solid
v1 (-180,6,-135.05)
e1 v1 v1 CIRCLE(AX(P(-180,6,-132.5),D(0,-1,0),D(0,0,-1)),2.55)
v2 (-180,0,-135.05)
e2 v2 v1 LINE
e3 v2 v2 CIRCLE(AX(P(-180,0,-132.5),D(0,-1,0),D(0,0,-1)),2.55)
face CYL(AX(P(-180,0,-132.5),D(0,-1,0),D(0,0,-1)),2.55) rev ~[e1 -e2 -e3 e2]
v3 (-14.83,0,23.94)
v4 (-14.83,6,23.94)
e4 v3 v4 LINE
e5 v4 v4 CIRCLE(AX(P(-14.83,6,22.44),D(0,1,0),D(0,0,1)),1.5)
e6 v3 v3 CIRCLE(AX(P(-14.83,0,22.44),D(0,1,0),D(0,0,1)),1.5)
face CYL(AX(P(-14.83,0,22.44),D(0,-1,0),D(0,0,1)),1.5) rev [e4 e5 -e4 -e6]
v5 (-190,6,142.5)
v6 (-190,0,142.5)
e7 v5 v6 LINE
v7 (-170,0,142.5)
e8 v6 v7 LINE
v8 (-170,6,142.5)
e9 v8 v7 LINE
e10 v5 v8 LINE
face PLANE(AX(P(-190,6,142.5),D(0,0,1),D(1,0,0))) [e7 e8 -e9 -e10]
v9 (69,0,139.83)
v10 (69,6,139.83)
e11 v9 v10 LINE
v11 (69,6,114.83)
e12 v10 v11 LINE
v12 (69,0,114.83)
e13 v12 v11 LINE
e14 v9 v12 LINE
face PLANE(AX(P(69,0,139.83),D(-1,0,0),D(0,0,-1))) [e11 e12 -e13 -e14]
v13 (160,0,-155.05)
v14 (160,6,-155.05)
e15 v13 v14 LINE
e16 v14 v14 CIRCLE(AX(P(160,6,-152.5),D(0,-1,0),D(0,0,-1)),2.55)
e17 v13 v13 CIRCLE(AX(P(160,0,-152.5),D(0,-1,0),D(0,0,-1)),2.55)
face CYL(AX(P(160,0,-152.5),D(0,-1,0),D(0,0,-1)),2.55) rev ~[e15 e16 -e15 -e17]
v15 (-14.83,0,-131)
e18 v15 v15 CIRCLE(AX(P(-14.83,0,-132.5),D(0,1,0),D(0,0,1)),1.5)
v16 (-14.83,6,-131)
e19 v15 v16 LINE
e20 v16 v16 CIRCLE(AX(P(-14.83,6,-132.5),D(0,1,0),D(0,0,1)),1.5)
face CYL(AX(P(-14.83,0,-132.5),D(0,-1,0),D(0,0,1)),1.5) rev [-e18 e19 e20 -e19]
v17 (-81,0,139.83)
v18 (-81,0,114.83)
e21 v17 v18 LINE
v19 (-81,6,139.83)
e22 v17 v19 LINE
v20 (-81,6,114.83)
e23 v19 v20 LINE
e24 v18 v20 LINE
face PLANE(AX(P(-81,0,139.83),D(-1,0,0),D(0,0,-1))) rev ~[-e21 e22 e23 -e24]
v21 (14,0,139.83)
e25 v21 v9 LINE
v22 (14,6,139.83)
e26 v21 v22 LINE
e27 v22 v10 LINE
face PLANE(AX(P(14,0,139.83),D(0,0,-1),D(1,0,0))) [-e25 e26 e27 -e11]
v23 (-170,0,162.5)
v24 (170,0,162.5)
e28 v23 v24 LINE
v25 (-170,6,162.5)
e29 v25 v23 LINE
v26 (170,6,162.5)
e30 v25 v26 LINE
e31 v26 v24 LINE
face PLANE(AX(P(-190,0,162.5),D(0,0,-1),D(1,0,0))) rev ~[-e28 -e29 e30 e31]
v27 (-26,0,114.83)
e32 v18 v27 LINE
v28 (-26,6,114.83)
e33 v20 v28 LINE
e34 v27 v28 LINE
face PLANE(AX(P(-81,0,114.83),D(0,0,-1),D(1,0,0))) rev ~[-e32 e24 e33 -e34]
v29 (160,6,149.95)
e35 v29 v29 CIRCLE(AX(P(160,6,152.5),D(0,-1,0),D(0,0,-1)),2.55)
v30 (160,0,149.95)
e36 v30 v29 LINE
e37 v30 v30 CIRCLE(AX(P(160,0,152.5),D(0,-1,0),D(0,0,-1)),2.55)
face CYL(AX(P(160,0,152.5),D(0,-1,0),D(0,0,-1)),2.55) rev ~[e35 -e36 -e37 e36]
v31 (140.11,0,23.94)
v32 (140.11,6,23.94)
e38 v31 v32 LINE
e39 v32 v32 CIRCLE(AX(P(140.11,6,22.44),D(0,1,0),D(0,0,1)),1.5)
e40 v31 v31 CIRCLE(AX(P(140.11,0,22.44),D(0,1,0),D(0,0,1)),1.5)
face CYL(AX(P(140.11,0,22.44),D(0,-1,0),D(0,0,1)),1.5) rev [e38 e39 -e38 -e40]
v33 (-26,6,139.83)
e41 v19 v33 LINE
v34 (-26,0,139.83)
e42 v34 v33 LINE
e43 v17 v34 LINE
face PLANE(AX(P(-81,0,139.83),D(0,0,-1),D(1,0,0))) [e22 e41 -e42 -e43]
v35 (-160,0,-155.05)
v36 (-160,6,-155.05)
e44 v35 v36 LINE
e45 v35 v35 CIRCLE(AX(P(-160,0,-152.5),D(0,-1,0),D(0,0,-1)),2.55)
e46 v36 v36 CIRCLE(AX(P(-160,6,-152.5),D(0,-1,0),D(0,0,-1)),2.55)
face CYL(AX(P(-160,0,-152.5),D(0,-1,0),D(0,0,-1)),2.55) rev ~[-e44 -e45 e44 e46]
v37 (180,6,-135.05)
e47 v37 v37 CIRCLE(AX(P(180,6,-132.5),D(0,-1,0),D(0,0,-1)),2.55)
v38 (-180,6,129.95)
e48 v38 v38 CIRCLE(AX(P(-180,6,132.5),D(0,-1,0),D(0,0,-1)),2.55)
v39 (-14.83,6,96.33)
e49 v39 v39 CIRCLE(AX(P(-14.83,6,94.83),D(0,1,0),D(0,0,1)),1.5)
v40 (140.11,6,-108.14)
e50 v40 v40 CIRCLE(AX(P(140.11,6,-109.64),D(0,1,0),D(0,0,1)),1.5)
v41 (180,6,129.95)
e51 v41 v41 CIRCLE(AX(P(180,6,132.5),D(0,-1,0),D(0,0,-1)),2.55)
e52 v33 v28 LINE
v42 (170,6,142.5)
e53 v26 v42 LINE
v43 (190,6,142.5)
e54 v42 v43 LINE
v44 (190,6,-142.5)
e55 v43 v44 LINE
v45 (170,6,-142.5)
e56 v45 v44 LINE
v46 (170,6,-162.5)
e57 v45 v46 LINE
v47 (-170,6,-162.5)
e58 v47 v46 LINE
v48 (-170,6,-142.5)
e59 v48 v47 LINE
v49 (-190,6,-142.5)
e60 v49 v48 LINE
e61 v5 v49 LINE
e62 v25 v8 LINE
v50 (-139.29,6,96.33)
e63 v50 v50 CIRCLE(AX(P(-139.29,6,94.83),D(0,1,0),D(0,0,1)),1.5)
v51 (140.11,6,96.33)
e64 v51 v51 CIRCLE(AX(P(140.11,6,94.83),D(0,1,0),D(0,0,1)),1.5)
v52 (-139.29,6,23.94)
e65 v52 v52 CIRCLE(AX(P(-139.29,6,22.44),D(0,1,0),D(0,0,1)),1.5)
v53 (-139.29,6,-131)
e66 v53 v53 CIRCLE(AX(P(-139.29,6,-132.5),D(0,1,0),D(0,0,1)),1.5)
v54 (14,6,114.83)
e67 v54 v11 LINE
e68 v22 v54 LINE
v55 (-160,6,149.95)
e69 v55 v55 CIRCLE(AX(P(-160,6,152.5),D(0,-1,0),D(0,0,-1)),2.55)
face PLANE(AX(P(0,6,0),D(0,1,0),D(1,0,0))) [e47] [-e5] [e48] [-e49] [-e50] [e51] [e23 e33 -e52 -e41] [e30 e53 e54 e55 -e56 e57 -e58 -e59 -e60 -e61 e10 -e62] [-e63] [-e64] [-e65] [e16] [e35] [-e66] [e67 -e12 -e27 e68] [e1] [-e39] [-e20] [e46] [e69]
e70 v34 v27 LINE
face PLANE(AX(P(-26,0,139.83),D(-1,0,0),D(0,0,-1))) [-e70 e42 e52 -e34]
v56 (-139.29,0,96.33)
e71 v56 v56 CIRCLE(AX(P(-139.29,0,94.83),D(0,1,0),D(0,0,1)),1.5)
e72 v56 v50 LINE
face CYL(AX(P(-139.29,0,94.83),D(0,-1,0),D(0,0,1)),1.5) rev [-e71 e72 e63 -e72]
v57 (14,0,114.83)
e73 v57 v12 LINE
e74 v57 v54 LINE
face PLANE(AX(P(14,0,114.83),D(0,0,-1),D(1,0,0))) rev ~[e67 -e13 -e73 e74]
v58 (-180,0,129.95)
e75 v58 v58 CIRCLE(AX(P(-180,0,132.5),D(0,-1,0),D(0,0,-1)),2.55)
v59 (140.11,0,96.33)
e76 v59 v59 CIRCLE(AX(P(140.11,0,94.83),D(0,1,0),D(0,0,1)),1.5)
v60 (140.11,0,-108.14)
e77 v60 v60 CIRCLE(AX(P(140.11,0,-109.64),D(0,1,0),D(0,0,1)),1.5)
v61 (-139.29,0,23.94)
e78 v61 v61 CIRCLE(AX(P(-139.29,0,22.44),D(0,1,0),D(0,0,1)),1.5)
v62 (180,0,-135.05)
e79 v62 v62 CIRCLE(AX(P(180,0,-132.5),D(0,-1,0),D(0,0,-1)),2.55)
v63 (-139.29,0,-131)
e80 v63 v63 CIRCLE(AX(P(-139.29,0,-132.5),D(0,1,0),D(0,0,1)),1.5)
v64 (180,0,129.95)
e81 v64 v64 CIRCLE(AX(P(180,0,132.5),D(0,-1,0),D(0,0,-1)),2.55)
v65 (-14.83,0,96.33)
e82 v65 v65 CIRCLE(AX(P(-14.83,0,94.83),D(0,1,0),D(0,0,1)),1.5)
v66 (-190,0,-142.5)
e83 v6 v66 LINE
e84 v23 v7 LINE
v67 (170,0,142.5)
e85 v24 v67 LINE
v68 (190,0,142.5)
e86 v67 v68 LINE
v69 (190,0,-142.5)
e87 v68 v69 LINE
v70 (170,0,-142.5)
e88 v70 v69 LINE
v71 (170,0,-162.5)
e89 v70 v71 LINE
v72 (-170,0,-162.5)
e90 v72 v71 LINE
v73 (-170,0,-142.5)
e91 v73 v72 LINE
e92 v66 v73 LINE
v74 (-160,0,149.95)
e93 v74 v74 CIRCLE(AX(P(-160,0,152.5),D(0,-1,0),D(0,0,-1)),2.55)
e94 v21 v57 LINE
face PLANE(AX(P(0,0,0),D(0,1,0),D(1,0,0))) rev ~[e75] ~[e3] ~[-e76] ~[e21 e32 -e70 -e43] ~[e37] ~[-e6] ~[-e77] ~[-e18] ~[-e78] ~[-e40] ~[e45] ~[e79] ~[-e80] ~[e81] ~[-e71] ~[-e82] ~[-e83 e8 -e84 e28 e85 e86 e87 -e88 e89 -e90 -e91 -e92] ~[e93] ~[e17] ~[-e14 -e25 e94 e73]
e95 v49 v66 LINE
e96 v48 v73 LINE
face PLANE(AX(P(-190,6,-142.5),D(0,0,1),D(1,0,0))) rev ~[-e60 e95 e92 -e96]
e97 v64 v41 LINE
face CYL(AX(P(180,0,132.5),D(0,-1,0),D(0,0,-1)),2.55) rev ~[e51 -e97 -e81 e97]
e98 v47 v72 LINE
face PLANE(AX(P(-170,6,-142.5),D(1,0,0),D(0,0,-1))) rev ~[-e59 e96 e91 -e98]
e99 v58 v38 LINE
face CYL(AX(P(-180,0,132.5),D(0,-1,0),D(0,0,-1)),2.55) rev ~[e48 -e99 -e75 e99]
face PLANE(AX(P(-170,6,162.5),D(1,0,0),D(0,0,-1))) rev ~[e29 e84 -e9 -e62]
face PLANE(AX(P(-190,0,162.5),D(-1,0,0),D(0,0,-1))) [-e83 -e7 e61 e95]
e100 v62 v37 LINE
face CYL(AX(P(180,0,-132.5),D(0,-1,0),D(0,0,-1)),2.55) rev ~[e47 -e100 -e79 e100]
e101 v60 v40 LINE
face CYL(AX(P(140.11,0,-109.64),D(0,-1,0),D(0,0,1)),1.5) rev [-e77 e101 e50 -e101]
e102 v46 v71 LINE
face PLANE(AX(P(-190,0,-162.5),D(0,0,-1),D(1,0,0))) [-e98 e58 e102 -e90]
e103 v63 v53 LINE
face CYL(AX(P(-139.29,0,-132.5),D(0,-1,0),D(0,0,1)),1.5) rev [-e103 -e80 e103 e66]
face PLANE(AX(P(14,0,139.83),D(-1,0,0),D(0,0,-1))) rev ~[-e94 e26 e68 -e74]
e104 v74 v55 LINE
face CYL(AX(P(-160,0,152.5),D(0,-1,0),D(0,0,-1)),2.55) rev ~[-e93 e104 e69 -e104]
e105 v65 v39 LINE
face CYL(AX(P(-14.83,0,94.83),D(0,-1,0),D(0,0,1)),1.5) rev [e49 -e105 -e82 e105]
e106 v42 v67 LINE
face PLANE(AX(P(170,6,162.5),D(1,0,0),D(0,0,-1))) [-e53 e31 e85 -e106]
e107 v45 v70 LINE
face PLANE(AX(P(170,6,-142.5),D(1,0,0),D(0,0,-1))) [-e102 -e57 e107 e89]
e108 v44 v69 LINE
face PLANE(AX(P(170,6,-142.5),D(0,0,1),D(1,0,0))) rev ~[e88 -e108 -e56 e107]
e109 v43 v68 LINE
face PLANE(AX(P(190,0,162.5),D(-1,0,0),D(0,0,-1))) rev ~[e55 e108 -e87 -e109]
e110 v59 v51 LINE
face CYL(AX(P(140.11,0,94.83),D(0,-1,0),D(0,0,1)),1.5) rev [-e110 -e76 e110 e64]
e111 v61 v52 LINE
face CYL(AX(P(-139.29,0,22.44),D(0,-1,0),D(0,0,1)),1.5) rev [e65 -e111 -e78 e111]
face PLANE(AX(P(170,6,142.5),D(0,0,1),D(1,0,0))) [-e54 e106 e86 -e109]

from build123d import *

# Parameters (mm, degrees)
BASE_PLATE_W        = 380
BASE_PLATE_H        = 325
BASE_PLATE_R        = 1.5
BASE_PLATE_R_2      = 2.5
BASE_PLATE_W_2      = 55
BASE_PLATE_H_2      = 25
BOSS_EXTRUDE1_DEPTH = 6
SKETCH1_W           = 20
SKETCH1_H           = 20
CUT_EXTRUDE1_DEPTH  = 10
SKETCH2_R           = 2.55
CUT_EXTRUDE2_DEPTH  = 10


with BuildPart() as part:
    # Base Plate → Boss-Extrude1 (new body)
    with BuildSketch(Plane(origin=(0, 0, 0), x_dir=(1, 0, 0), z_dir=(0, 1, 0))):
        Rectangle(BASE_PLATE_W, BASE_PLATE_H)
        with Locations(Location((-139.29, -94.83, 0), (0, 0, 270))):
            Circle(BASE_PLATE_R, mode=Mode.SUBTRACT)
        with Locations(Location((-14.83, -22.44, 0), (0, 0, 270))):
            Circle(BASE_PLATE_R, mode=Mode.SUBTRACT)
        with Locations(Location((-139.29, -22.44, 0), (0, 0, 270))):
            Circle(BASE_PLATE_R, mode=Mode.SUBTRACT)
        with Locations(Location((-139.29, 132.5, 0), (0, 0, 270))):
            Circle(BASE_PLATE_R, mode=Mode.SUBTRACT)
        with Locations(Location((-14.83, 132.5, 0), (0, 0, 270))):
            Circle(BASE_PLATE_R, mode=Mode.SUBTRACT)
        with Locations(Location((-14.83, -94.83, 0), (0, 0, 270))):
            Circle(BASE_PLATE_R, mode=Mode.SUBTRACT)
        with Locations(Location((140.11, -94.83, 0), (0, 0, 270))):
            Circle(BASE_PLATE_R, mode=Mode.SUBTRACT)
        with Locations(Location((140.11, -22.44, 0), (0, 0, 270))):
            Circle(BASE_PLATE_R, mode=Mode.SUBTRACT)
        with Locations(Location((140.11, 109.64, 0), (0, 0, 270))):
            Circle(BASE_PLATE_R, mode=Mode.SUBTRACT)
        with Locations(Location((-180, -152.5, 0), (0, 0, 270))):
            Circle(BASE_PLATE_R_2, mode=Mode.SUBTRACT)
        with Locations(Location((180, -152.5, 0), (0, 0, 270))):
            Circle(BASE_PLATE_R_2, mode=Mode.SUBTRACT)
        with Locations(Location((-180, 152.5, 0), (0, 0, 270))):
            Circle(BASE_PLATE_R_2, mode=Mode.SUBTRACT)
        with Locations(Location((180, 152.5, 0), (0, 0, 270))):
            Circle(BASE_PLATE_R_2, mode=Mode.SUBTRACT)
        with Locations((41.5, -127.33)):
            Rectangle(BASE_PLATE_W_2, BASE_PLATE_H_2, mode=Mode.SUBTRACT)
        with Locations((-53.5, -127.33)):
            Rectangle(BASE_PLATE_W_2, BASE_PLATE_H_2, mode=Mode.SUBTRACT)
    extrude(amount=BOSS_EXTRUDE1_DEPTH)

    # Sketch1 → Cut-Extrude1 (cut)
    with BuildSketch(Plane(origin=(0, 6, 0), x_dir=(1, 0, 0), z_dir=(0, 1, 0))):
        with Locations((-180, 152.5)):
            Rectangle(SKETCH1_W, SKETCH1_H)
        with Locations((180, 152.5)):
            Rectangle(SKETCH1_W, SKETCH1_H)
        with Locations((180, -152.5)):
            Rectangle(SKETCH1_W, SKETCH1_H)
        with Locations((-180, -152.5)):
            Rectangle(SKETCH1_W, SKETCH1_H)
    extrude(amount=-CUT_EXTRUDE1_DEPTH, mode=Mode.SUBTRACT)

    # Sketch2 → Cut-Extrude2 (cut)
    with BuildSketch(Plane.XZ):
        with Locations(Location((-160, 152.5, 0), (0, 0, 270))):
            Circle(SKETCH2_R)
        with Locations(Location((-180, 132.5, 0), (0, 0, 270))):
            Circle(SKETCH2_R)
        with Locations(Location((-180, -132.5, 0), (0, 0, 270))):
            Circle(SKETCH2_R)
        with Locations(Location((-160, -152.5, 0), (0, 0, 270))):
            Circle(SKETCH2_R)
        with Locations(Location((160, -152.5, 0), (0, 0, 270))):
            Circle(SKETCH2_R)
        with Locations(Location((180, -132.5, 0), (0, 0, 270))):
            Circle(SKETCH2_R)
        with Locations(Location((180, 132.5, 0), (0, 0, 270))):
            Circle(SKETCH2_R)
        with Locations(Location((160, 152.5, 0), (0, 0, 270))):
            Circle(SKETCH2_R)
    extrude(amount=-CUT_EXTRUDE2_DEPTH, mode=Mode.SUBTRACT)


solid = part.part
